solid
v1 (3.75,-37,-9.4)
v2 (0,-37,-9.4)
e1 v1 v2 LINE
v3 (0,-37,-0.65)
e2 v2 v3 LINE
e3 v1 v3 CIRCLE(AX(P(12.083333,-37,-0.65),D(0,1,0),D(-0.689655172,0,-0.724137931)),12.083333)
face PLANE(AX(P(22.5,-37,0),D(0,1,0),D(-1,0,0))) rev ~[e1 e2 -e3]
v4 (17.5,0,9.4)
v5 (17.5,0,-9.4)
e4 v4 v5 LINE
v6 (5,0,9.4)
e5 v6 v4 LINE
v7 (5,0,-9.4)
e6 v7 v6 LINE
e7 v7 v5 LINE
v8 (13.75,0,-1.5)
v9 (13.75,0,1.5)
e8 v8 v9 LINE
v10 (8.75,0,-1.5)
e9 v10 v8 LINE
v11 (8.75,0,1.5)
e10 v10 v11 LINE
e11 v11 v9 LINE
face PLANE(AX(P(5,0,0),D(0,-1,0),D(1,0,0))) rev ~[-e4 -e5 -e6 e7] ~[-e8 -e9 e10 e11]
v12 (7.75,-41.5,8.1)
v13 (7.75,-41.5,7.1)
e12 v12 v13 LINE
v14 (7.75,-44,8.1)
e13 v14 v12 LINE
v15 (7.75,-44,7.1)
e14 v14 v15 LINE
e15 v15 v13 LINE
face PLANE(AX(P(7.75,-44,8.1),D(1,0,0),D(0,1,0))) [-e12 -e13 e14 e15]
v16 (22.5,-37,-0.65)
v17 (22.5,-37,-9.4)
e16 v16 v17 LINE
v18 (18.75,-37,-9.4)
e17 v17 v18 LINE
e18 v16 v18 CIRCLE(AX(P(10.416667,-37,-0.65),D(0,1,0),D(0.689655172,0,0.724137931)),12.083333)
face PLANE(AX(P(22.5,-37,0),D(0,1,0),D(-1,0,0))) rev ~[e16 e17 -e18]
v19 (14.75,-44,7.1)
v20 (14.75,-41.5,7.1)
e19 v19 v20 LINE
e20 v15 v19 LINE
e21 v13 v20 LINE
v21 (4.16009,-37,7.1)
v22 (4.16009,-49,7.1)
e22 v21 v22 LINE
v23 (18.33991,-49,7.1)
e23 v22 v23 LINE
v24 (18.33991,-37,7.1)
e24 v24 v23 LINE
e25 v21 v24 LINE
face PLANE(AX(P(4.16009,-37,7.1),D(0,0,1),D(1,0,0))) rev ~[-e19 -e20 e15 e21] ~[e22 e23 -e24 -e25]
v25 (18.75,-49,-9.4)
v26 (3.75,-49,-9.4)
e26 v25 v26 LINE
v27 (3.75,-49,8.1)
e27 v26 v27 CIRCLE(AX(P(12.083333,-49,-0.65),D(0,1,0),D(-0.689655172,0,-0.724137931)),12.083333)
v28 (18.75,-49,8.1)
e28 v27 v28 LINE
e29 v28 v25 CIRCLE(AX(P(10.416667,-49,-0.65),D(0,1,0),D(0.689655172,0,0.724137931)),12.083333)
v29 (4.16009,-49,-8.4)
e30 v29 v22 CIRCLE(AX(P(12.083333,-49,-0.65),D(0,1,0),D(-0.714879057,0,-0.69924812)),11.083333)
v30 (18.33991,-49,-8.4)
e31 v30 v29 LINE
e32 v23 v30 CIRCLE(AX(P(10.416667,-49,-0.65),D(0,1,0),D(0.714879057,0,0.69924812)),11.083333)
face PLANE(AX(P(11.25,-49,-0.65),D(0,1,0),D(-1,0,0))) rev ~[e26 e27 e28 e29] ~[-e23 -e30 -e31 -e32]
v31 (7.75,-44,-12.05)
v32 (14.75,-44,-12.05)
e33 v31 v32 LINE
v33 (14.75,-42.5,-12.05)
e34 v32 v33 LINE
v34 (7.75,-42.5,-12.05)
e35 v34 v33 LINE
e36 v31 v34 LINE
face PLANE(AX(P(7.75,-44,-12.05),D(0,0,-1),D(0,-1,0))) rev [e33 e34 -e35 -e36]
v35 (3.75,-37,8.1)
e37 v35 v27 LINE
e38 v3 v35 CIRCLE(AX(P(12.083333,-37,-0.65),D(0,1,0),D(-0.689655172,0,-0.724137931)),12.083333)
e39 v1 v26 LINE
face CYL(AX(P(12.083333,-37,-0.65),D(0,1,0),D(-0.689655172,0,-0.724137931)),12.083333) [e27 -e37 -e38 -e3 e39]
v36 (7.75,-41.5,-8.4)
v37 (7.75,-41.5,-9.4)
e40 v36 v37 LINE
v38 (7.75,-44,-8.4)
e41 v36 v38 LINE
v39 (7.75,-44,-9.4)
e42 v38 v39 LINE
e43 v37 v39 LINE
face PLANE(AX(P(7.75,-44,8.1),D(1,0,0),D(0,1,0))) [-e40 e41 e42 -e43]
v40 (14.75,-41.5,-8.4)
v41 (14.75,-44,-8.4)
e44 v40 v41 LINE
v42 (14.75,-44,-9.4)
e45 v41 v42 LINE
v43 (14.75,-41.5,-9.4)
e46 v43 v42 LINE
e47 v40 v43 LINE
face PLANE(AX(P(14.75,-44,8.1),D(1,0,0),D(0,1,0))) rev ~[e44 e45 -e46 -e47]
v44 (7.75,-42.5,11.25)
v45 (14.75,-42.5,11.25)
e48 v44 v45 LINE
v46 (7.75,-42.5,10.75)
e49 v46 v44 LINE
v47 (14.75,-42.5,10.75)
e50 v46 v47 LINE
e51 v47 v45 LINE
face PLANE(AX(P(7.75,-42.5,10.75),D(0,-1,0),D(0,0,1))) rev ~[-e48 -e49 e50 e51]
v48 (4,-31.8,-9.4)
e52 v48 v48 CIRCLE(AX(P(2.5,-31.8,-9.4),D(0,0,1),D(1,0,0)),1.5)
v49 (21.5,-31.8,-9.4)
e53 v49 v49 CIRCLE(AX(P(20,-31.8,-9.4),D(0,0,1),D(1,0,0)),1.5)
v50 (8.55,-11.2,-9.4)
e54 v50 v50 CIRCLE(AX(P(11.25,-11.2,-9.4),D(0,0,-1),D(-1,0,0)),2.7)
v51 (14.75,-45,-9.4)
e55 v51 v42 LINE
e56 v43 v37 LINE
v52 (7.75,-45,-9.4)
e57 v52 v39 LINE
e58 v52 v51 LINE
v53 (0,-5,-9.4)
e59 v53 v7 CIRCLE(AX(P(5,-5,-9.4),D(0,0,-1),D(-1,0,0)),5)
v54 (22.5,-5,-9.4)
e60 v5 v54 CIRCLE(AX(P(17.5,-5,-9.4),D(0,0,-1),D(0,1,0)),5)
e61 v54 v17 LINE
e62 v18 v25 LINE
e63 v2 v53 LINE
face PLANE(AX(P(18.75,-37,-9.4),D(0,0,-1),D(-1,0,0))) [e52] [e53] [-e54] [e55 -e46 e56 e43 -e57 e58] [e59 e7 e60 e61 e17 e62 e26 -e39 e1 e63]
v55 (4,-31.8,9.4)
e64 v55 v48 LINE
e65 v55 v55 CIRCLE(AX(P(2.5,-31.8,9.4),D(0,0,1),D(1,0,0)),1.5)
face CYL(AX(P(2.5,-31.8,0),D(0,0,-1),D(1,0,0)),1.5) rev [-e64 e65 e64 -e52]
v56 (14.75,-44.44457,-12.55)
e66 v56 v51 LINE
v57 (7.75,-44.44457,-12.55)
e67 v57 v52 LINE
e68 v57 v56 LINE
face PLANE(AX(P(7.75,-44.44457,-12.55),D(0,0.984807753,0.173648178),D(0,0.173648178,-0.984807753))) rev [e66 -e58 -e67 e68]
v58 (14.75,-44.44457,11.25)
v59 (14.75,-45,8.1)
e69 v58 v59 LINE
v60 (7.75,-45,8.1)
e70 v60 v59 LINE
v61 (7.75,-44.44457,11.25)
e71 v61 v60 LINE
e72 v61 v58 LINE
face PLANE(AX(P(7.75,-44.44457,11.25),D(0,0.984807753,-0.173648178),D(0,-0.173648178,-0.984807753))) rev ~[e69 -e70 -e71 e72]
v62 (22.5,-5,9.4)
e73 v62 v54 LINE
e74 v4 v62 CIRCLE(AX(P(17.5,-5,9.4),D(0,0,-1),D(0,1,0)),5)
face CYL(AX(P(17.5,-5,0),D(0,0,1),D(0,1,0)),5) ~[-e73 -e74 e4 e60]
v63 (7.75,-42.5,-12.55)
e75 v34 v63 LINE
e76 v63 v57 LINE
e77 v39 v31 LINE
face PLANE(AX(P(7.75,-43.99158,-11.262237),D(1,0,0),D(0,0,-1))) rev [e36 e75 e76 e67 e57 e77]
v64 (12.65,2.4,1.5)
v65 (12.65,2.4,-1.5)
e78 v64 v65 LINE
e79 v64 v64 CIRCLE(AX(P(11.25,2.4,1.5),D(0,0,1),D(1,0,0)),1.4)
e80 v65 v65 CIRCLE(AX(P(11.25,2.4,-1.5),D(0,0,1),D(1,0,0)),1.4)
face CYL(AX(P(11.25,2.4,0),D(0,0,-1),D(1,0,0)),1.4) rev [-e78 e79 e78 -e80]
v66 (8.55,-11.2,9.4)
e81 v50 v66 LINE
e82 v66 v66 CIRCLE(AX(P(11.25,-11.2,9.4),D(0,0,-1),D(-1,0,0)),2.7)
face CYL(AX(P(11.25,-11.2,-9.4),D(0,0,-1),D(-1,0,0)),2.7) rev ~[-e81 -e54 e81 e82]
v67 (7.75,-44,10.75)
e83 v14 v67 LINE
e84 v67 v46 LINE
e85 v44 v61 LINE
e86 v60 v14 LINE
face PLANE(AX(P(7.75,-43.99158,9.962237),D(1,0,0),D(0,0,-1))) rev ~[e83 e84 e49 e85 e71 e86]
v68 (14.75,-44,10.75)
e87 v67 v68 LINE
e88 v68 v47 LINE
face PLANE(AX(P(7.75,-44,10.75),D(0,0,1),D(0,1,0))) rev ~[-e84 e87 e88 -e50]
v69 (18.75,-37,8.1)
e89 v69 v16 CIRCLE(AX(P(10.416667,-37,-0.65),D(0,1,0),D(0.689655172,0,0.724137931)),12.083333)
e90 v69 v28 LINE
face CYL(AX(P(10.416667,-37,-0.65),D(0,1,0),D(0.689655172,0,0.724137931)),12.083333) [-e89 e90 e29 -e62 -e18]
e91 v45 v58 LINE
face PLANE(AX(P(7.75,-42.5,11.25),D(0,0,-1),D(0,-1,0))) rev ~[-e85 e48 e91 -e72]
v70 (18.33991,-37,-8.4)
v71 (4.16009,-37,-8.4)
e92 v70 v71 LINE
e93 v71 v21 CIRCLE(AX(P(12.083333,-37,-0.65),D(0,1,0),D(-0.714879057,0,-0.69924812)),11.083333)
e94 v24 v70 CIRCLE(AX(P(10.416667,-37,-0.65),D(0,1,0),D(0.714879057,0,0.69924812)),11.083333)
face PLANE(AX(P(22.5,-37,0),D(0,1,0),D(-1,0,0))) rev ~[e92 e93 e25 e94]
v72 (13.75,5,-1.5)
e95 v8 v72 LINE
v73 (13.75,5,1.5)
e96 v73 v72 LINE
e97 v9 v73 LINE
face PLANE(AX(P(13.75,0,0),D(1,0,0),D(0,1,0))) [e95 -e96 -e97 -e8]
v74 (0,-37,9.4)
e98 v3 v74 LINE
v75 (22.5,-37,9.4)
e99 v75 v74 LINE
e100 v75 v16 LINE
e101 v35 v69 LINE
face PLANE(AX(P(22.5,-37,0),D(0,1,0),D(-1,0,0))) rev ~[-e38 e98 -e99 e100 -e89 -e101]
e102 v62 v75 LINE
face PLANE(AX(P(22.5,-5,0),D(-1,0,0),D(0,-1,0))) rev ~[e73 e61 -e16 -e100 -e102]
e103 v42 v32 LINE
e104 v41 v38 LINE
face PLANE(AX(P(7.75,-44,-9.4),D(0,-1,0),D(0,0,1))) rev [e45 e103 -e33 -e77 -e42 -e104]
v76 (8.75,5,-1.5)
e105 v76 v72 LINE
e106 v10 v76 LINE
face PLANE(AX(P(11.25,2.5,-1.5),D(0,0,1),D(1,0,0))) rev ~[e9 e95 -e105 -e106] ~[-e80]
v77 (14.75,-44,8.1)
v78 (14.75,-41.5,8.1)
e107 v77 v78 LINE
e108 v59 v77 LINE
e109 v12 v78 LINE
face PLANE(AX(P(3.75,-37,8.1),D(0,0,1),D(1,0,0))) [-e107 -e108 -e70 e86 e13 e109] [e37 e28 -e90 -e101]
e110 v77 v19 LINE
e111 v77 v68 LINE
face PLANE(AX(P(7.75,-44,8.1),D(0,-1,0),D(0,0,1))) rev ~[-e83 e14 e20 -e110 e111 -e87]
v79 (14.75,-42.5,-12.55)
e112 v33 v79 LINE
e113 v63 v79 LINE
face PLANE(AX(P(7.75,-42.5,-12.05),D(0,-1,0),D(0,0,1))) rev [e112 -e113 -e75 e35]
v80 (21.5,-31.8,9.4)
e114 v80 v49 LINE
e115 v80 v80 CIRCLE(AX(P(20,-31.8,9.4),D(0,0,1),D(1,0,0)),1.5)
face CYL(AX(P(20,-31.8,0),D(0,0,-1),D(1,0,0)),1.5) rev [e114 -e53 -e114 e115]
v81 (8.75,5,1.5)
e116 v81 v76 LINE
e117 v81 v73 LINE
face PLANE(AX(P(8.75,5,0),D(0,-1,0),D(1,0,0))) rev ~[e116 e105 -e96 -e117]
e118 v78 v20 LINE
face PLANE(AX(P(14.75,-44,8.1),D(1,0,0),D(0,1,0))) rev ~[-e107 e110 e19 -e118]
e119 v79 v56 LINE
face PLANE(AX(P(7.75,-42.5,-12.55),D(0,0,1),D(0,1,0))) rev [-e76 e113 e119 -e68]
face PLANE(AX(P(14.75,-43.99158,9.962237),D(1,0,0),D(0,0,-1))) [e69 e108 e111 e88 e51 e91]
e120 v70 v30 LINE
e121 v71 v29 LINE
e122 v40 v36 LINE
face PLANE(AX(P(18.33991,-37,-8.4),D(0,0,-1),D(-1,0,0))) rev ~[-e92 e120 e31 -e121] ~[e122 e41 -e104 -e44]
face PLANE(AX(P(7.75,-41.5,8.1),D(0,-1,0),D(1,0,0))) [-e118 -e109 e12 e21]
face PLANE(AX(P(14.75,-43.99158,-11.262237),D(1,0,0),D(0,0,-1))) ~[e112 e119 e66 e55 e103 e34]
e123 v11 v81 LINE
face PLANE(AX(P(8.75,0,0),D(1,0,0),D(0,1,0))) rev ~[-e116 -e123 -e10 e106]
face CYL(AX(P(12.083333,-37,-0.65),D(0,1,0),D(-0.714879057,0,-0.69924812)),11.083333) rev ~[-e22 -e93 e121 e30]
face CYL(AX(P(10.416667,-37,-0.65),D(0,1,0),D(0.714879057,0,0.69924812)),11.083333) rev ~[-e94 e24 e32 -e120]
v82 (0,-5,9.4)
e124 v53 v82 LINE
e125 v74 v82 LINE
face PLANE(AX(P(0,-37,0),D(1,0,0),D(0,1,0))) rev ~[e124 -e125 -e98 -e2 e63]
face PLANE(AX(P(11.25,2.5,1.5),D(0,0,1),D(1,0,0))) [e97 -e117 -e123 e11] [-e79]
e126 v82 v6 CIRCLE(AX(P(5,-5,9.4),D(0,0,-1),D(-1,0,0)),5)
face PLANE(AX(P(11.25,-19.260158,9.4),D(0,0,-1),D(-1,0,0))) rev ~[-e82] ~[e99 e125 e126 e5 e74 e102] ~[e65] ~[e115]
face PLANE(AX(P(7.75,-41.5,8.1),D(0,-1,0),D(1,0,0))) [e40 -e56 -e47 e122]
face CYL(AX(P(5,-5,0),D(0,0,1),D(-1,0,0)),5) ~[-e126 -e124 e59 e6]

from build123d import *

# Parameters (mm, degrees)
CROQUIS2_R              = 1.5
SALIENTE_EXTRUIR1_DEPTH = 9.4
CROQUIS3_W              = 5
CROQUIS3_H              = 5
CROQUIS3_R              = 1.4
SALIENTE_EXTRUIR2_DEPTH = 1.5
SALIENTE_EXTRUIR3_DEPTH = 12
CROQUIS6_W              = 7
CROQUIS6_H              = 2.5
CORTAR_EXTRUIR1_DEPTH   = 57.687741179
SALIENTE_EXTRUIR4_START = 7.75
SALIENTE_EXTRUIR4_DEPTH = 7
CROQUIS8_R              = 2.7
CORTAR_EXTRUIR2_DEPTH   = 58.737964114


with BuildPart() as part:
    # Croquis2 → Saliente-Extruir1 (new, symmetric)
    with BuildSketch(Plane.XY):
        with BuildLine():
            Line((5, 0), (17.5, 0))
            ThreePointArc((17.5, 0), (21.035533906, -1.464466094), (22.5, -5))
            Line((22.5, -5), (22.5, -37))
            Line((22.5, -37), (0, -37))
            Line((0, -37), (0, -5))
            ThreePointArc((0, -5), (1.464466094, -1.464466094), (5, 0))
        make_face()
        with Locations((2.5, -31.8)):
            Circle(CROQUIS2_R, mode=Mode.SUBTRACT)
        with Locations((20, -31.8)):
            Circle(CROQUIS2_R, mode=Mode.SUBTRACT)
    extrude(amount=SALIENTE_EXTRUIR1_DEPTH, both=True)

    # Croquis3 → Saliente-Extruir2 (add, symmetric)
    with BuildSketch(Plane.XY):
        with Locations((11.25, 2.5)):
            Rectangle(CROQUIS3_W, CROQUIS3_H)
        with Locations((11.25, 2.4)):
            Circle(CROQUIS3_R, mode=Mode.SUBTRACT)
    extrude(amount=SALIENTE_EXTRUIR2_DEPTH, both=True)

    # Croquis5 → Saliente-Extruir3 (add)
    with BuildSketch(Plane.XZ.offset(37)):
        with BuildLine():
            Line((18.75, -9.4), (3.75, -9.4))
            ThreePointArc((3.75, -9.4), (0, -0.65), (3.75, 8.1))
            Line((3.75, 8.1), (18.75, 8.1))
            ThreePointArc((18.75, 8.1), (22.5, -0.65), (18.75, -9.4))
        make_face()
        with BuildLine():
            Line((4.160090451, 7.1), (18.339909549, 7.1))
            ThreePointArc((18.339909549, 7.1), (21.5, -0.65), (18.339909549, -8.4))
            Line((18.339909549, -8.4), (4.160090451, -8.4))
            ThreePointArc((4.160090451, -8.4), (1, -0.65), (4.160090451, 7.1))
        make_face(mode=Mode.SUBTRACT)
    extrude(amount=SALIENTE_EXTRUIR3_DEPTH)

    # Croquis6 → Cortar-Extruir1 (cut, through all)
    with BuildSketch(Plane.XY.offset(8.1)):
        with Locations((11.25, -42.75)):
            Rectangle(CROQUIS6_W, CROQUIS6_H)
    extrude(amount=-CORTAR_EXTRUIR1_DEPTH, mode=Mode.SUBTRACT)

    # Croquis7 → Saliente-Extruir4 (add)
    with BuildSketch(Plane(origin=(0, 0, 0), x_dir=(0, 0, -1), z_dir=(1, 0, 0)).offset(SALIENTE_EXTRUIR4_START)):
        Polygon((-8.1, -44), (-10.75, -44), (-10.75, -42.5), (-11.25, -42.5), (-11.25, -44.444570011), (-8.1, -45), align=None)
    saliente_extruir4 = extrude(amount=SALIENTE_EXTRUIR4_DEPTH)

    # Simetría1: Saliente-Extruir4 across plane
    add(saliente_extruir4.mirror(Plane(origin=(0, 0, -0.65), x_dir=(1, 0, 0), z_dir=(0, 0, -1))))

    # Croquis8 → Cortar-Extruir2 (cut, through all)
    with BuildSketch(Plane(origin=(0, 0, -9.4), x_dir=(-1, 0, 0), z_dir=(0, 0, -1))):
        with Locations((-11.25, -11.2)):
            Circle(CROQUIS8_R)
    extrude(amount=-CORTAR_EXTRUIR2_DEPTH, mode=Mode.SUBTRACT)


solid = part.part
